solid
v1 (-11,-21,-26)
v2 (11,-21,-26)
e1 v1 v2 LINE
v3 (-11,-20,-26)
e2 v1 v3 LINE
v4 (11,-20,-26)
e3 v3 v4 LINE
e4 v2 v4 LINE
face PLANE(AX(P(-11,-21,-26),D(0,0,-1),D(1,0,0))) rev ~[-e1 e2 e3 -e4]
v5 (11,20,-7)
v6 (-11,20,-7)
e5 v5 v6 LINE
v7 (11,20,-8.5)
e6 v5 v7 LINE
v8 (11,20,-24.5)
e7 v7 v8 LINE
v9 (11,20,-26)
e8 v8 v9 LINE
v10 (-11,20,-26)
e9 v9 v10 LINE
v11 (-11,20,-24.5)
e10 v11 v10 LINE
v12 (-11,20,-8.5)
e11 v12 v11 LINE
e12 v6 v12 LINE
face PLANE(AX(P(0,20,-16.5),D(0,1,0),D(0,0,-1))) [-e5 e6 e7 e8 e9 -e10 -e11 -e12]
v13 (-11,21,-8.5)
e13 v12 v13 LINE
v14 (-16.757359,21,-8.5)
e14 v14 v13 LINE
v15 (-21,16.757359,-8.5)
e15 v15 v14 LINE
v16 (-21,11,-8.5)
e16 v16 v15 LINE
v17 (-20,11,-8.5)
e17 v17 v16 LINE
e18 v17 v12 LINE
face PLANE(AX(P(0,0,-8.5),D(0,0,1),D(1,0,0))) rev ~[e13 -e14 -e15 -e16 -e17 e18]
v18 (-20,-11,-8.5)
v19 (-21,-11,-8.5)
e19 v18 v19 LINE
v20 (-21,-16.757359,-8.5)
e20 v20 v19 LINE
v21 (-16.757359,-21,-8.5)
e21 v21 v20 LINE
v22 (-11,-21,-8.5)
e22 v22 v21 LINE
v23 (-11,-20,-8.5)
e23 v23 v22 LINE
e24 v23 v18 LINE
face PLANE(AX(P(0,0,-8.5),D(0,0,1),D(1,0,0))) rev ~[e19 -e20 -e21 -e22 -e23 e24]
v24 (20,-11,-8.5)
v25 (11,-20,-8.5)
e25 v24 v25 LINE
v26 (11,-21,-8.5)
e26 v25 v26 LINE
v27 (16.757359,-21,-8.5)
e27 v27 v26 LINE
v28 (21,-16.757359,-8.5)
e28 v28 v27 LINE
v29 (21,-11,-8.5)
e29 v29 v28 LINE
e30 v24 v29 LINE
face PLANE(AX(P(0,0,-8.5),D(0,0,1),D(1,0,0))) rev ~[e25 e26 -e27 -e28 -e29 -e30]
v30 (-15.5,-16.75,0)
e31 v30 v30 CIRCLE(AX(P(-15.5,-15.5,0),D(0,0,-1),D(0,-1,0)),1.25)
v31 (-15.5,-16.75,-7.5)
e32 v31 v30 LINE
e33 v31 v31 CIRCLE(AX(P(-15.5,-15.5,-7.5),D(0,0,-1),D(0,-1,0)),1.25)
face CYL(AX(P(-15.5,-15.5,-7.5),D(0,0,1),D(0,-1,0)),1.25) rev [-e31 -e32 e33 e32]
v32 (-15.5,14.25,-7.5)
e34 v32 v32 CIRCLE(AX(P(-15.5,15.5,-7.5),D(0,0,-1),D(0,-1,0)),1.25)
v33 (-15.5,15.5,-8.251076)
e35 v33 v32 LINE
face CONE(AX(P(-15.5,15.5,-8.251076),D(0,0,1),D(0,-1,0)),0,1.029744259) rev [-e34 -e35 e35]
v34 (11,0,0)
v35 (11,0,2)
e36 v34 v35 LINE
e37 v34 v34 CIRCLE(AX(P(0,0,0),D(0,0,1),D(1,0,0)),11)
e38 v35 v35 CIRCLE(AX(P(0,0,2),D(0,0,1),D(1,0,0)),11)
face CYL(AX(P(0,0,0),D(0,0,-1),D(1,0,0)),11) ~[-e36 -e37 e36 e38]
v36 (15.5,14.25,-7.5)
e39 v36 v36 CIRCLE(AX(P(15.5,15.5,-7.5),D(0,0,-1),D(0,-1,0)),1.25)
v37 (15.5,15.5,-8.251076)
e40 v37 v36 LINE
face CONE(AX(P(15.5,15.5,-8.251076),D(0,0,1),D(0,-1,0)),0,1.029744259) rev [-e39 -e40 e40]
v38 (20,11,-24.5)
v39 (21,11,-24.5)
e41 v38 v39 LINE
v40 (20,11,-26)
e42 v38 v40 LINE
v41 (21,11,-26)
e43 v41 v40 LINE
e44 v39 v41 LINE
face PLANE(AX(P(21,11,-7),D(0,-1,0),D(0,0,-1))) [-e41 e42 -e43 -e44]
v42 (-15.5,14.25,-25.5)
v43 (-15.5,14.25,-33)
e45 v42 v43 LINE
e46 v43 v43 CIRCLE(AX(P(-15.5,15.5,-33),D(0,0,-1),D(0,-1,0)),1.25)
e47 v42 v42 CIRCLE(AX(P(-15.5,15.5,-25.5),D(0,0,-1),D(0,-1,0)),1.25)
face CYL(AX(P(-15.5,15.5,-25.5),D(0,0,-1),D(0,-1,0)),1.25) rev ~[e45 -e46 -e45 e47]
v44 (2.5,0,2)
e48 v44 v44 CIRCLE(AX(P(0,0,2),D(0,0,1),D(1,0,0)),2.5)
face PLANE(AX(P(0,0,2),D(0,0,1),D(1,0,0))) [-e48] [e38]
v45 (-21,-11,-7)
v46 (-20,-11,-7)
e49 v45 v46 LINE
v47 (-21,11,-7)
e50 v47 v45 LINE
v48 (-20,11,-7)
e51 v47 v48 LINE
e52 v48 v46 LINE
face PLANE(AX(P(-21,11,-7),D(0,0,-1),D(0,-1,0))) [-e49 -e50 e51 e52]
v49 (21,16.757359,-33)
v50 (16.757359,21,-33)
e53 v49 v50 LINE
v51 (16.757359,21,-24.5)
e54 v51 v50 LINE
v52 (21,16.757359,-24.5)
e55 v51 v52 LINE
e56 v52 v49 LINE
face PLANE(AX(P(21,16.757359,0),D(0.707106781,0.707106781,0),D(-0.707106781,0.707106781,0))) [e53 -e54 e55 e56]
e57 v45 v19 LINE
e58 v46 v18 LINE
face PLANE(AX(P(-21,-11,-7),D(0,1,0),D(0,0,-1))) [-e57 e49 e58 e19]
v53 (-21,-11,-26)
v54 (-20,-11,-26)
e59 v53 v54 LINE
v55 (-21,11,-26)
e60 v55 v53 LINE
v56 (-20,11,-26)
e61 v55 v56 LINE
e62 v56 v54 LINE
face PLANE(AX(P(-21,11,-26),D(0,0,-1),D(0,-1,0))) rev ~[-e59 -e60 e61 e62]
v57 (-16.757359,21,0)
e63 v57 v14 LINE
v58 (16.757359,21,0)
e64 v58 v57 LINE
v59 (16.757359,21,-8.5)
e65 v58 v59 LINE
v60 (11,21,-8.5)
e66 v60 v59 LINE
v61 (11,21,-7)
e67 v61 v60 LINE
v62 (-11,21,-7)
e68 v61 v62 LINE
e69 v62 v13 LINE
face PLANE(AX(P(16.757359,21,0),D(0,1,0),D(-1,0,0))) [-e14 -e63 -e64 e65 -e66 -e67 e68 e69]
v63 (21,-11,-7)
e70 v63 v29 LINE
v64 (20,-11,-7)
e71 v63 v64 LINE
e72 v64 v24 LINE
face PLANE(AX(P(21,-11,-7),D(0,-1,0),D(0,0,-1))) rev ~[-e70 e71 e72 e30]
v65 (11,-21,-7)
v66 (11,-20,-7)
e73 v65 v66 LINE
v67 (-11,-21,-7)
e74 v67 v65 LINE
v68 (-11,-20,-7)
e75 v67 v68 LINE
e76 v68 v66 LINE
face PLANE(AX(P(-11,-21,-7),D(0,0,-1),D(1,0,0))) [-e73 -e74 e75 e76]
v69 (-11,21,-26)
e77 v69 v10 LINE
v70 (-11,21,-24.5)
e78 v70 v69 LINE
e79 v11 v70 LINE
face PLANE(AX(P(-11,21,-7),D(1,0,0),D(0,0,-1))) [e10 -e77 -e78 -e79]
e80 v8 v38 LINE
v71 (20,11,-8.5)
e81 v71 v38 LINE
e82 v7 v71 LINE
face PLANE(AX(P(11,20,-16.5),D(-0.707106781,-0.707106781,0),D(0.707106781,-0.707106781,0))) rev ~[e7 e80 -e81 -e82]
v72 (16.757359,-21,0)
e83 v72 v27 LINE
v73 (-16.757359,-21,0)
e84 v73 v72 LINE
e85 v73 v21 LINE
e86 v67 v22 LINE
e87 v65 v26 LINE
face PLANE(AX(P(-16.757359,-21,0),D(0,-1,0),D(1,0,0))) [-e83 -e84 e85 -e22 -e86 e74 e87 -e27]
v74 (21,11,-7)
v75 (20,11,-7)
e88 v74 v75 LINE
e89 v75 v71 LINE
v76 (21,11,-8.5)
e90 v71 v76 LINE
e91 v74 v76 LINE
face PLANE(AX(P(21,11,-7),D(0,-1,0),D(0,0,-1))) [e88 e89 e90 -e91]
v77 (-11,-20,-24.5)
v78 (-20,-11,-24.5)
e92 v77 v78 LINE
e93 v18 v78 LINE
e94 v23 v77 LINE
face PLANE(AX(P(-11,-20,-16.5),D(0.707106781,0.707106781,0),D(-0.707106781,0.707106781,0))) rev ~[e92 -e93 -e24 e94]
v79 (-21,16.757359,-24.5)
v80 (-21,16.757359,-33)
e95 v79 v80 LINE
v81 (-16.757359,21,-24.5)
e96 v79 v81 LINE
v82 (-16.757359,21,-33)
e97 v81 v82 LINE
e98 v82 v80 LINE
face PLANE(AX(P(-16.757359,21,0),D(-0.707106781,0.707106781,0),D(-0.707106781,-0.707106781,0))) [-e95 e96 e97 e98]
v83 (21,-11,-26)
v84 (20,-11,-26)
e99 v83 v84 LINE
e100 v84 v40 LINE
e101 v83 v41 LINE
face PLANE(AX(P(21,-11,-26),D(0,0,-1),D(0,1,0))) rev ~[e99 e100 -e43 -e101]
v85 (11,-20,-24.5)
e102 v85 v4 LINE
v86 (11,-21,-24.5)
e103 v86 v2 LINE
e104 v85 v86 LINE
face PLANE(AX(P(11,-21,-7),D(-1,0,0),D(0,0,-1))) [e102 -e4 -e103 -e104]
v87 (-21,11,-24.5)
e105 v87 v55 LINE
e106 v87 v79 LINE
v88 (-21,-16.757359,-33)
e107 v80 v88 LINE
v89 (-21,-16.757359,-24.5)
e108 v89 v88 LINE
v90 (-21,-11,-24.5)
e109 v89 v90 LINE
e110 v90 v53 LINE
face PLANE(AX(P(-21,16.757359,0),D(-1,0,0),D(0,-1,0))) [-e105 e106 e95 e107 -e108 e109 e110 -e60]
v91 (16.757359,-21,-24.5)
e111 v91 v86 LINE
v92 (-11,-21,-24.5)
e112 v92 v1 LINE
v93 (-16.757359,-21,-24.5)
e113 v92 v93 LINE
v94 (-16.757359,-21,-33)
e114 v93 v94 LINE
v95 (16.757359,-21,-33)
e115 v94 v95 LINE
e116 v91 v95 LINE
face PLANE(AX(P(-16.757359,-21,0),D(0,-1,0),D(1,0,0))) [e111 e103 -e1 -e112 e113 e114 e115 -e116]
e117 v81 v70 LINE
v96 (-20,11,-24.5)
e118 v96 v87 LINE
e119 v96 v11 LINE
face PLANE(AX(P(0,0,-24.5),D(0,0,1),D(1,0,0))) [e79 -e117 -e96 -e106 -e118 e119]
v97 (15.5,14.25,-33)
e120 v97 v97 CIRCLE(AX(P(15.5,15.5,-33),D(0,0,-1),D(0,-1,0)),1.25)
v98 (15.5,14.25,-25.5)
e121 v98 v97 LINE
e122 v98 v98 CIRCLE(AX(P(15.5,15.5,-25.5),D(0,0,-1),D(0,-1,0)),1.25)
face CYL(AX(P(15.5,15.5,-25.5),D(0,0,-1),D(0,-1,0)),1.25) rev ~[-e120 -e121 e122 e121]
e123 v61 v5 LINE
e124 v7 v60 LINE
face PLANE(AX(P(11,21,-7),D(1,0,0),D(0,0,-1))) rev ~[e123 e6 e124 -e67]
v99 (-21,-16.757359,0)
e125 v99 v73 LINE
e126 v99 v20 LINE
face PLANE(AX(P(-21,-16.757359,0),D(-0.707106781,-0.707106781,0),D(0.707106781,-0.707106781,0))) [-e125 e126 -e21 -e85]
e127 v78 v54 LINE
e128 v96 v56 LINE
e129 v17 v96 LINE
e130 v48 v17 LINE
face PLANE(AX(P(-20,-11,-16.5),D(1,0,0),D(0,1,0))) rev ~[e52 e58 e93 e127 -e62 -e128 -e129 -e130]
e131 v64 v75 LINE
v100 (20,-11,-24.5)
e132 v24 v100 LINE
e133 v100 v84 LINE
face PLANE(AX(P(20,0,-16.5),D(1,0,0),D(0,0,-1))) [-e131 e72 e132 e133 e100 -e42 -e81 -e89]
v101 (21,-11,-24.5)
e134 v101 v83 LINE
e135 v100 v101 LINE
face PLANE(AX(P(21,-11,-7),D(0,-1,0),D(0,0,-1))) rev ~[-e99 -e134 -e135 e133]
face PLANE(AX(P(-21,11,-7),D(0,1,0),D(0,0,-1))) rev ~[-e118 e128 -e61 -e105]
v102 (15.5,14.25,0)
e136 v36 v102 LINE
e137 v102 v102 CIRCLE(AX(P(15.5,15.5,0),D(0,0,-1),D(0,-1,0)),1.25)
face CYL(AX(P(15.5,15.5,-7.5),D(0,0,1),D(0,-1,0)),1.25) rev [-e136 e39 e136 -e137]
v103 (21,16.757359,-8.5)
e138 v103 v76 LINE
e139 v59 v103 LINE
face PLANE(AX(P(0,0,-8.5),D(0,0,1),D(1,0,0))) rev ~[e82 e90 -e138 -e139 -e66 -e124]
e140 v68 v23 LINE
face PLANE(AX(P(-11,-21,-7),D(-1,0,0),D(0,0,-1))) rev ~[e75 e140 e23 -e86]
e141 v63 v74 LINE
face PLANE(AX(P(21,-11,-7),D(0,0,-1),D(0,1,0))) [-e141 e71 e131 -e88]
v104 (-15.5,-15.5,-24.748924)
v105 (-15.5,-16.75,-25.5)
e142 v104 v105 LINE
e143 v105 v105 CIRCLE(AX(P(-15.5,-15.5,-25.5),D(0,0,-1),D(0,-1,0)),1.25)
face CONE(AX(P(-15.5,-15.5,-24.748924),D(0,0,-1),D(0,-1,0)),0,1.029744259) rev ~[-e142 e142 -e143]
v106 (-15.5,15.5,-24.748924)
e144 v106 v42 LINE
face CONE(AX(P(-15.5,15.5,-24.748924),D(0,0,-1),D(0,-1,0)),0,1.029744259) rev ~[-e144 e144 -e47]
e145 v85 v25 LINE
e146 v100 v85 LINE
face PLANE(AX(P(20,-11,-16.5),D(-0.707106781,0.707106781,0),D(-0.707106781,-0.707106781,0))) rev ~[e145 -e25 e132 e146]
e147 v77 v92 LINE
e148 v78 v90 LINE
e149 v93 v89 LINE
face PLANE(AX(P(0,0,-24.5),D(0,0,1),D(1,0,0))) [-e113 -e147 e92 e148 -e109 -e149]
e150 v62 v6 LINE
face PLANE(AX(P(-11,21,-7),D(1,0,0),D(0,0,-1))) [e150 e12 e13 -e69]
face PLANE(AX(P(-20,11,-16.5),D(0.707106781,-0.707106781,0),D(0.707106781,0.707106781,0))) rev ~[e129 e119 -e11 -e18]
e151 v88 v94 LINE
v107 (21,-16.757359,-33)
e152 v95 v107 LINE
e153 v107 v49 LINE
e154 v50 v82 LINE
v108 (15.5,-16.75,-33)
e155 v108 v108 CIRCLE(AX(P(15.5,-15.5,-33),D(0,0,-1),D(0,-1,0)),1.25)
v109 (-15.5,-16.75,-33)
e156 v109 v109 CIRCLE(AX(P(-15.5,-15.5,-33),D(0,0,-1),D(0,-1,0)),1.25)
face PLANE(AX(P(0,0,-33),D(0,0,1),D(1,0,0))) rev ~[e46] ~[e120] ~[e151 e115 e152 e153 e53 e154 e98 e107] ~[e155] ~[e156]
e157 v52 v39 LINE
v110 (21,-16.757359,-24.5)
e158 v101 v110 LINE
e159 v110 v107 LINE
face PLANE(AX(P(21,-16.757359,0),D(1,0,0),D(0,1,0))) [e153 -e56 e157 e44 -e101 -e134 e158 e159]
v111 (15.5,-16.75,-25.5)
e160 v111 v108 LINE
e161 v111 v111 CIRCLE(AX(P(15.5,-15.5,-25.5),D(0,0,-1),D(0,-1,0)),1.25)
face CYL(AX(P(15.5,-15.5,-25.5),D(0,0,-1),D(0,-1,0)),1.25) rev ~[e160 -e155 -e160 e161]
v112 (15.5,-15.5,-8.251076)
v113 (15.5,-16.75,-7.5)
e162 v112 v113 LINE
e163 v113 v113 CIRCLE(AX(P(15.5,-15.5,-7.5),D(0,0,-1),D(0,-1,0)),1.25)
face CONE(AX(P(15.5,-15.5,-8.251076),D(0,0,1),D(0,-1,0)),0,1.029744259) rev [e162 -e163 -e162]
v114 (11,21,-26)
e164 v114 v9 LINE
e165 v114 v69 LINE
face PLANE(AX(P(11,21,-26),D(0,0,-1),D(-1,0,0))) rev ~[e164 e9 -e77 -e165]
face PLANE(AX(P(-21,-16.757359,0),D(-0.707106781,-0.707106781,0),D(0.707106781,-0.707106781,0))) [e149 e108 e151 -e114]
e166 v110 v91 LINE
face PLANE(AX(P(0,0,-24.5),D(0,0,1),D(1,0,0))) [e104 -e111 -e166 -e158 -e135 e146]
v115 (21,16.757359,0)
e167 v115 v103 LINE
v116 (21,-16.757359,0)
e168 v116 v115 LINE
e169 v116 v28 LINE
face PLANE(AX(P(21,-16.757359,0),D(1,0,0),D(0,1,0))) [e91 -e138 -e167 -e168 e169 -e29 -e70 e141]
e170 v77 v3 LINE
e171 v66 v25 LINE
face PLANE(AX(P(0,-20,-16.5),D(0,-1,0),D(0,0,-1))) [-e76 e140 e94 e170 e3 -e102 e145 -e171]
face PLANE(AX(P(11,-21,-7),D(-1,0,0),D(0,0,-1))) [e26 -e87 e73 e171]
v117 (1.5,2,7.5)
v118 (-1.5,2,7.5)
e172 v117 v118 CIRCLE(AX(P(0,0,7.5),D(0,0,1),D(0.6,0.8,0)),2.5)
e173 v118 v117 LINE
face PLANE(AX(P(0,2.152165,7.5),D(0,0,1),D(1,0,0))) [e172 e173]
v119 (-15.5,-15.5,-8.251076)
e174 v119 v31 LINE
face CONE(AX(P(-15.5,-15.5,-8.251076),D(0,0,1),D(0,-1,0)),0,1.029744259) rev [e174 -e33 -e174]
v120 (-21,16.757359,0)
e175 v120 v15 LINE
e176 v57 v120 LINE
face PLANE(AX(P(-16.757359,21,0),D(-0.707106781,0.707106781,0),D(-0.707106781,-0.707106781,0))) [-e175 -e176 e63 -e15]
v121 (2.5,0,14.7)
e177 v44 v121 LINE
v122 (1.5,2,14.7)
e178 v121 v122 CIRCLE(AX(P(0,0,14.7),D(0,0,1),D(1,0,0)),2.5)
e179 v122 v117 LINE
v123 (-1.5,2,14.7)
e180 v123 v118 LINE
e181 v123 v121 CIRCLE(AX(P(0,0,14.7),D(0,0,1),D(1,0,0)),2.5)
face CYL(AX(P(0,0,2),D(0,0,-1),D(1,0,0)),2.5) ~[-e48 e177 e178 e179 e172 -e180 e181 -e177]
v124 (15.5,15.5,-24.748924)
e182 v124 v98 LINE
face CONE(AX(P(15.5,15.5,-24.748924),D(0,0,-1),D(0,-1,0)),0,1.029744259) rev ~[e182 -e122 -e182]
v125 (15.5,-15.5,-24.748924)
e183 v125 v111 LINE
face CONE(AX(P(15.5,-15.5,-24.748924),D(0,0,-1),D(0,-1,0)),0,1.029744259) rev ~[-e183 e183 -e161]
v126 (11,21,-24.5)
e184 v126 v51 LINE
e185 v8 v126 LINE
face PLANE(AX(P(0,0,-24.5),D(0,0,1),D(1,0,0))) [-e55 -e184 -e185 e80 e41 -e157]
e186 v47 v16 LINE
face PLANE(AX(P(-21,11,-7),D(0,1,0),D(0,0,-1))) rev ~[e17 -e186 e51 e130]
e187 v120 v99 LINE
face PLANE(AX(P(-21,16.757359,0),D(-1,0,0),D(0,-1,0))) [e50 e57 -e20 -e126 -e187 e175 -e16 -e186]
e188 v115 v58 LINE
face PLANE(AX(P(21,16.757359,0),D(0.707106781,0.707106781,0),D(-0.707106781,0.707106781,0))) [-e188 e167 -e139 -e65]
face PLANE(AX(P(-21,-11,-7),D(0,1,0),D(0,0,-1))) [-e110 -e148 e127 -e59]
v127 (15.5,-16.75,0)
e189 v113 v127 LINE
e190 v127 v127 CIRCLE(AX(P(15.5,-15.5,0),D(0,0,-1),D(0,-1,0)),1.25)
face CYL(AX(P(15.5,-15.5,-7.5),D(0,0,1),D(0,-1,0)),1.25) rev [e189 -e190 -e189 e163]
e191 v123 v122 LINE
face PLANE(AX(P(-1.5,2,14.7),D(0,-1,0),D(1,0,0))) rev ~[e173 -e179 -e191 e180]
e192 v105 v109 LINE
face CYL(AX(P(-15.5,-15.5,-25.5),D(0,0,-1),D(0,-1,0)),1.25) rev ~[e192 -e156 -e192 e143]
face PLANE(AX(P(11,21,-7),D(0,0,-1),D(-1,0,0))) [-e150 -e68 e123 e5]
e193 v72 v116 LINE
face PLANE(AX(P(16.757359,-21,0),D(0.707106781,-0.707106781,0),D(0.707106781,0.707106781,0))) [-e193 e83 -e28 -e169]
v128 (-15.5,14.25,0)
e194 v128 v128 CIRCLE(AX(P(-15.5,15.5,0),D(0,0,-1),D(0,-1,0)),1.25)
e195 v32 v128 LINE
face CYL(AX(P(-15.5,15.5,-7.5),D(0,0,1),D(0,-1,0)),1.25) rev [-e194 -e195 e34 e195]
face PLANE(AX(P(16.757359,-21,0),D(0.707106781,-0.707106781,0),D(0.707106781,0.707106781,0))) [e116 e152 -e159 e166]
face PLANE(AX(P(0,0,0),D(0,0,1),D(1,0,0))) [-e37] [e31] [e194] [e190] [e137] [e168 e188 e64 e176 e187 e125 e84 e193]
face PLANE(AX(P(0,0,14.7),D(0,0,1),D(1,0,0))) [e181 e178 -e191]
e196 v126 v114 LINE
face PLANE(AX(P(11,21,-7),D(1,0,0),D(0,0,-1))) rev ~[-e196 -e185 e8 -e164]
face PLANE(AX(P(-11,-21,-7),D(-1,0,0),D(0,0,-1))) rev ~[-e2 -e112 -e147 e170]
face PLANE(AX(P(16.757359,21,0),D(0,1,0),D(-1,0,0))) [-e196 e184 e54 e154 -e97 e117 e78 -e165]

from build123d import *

# Parameters (mm, degrees)
BOSS_EXTRUDE1_DEPTH            = 33
M3X0_5_TAPPED_HOLE1_AT_2_COUNT = 2
M3X0_5_TAPPED_HOLE1_AT_2_PITCH = 43.840620434
M3X0_5_TAPPED_HOLE1_AT_3_COUNT = 2
M3X0_5_TAPPED_HOLE1_AT_3_PITCH = 31
M3X0_5_TAPPED_HOLE1_AT_4_COUNT = 2
M3X0_5_TAPPED_HOLE1_AT_4_PITCH = 31
SKETCH4_OUTSIDE_W              = 57.59
SKETCH4_OUTSIDE_H              = 57.59
CUT_EXTRUDE1_DEPTH             = 8
SKETCH5_W                      = 19
SKETCH5_H                      = 22
CUT_EXTRUDE2_DEPTH             = 1
CIRPATTERN1_COUNT              = 4
SKETCH7_R                      = 11
BOSS_EXTRUDE2_DEPTH            = 2
SKETCH8_R                      = 2.5
BOSS_EXTRUDE3_DEPTH            = 12.7
CUT_EXTRUDE3_DEPTH             = 7.2


with BuildPart() as part:
    # Sketch1 → Boss-Extrude1 (new body)
    with BuildSketch(Plane.XY):
        Polygon((16.757359313, 21), (-16.757359313, 21), (-21, 16.757359313), (-21, -16.757359313), (-16.757359313, -21), (16.757359313, -21), (21, -16.757359313), (21, 16.757359313), align=None)
    extrude(amount=-BOSS_EXTRUDE1_DEPTH)

    # Sketch2 → M3x0.5 Tapped Hole1 (revolve, cut)
    with BuildSketch(Plane(origin=(-15.5, 15.5, 0), x_dir=(0, -1, 0), z_dir=(1, 0, 0))):
        Polygon((0, 0), (0, 8.251075774), (1.25, 7.5), (1.25, 0), align=None)
    m3x0_5_tapped_hole1 = revolve(axis=Axis((-15.5, 15.5, 6.35), (0, 0, -1)), mode=Mode.SUBTRACT)

    # M3x0.5 Tapped Hole1 at 2: M3x0.5 Tapped Hole1 ×2
    with Locations(*[Vector(0.707106781, -0.707106781, 0) * (i * M3X0_5_TAPPED_HOLE1_AT_2_PITCH) for i in range(1, M3X0_5_TAPPED_HOLE1_AT_2_COUNT)]):
        add(m3x0_5_tapped_hole1, mode=Mode.SUBTRACT)

    # M3x0.5 Tapped Hole1 at 3: M3x0.5 Tapped Hole1 ×2
    with Locations(*[(i * M3X0_5_TAPPED_HOLE1_AT_3_PITCH, 0, 0) for i in range(1, M3X0_5_TAPPED_HOLE1_AT_3_COUNT)]):
        add(m3x0_5_tapped_hole1, mode=Mode.SUBTRACT)

    # M3x0.5 Tapped Hole1 at 4: M3x0.5 Tapped Hole1 ×2
    with Locations(*[(0, -i * M3X0_5_TAPPED_HOLE1_AT_4_PITCH, 0) for i in range(1, M3X0_5_TAPPED_HOLE1_AT_4_COUNT)]):
        add(m3x0_5_tapped_hole1, mode=Mode.SUBTRACT)

    # Sketch4 outside → Cut-Extrude1 (cut, symmetric)
    with BuildSketch(Plane.XY.offset(-16.5)):
        Rectangle(SKETCH4_OUTSIDE_W, SKETCH4_OUTSIDE_H)
        Polygon((11, -20), (-11, -20), (-20, -11), (-20, 11), (-11, 20), (11, 20), (20, 11), (20, -11), align=None, mode=Mode.SUBTRACT)
    extrude(amount=CUT_EXTRUDE1_DEPTH, both=True, mode=Mode.SUBTRACT)

    # Sketch5 → Cut-Extrude2 (cut)
    with BuildSketch(Plane(origin=(21, 0, 0), x_dir=(0, 0, -1), z_dir=(1, 0, 0))):
        with Locations((16.5, 0)):
            Rectangle(SKETCH5_W, SKETCH5_H)
    cut_extrude2 = extrude(amount=-CUT_EXTRUDE2_DEPTH, mode=Mode.SUBTRACT)

    # CirPattern1: Cut-Extrude2 ×4 about axis
    cirpattern1_axis = Axis((0, 0, 0), (0, 0, 1))
    for i in range(1, CIRPATTERN1_COUNT):
        add(cut_extrude2.rotate(cirpattern1_axis, i * 360 / CIRPATTERN1_COUNT), mode=Mode.SUBTRACT)

    # Sketch7 → Boss-Extrude2 (add)
    with BuildSketch(Plane.XY):
        Circle(SKETCH7_R)
    extrude(amount=BOSS_EXTRUDE2_DEPTH)

    # Sketch8 → Boss-Extrude3 (add)
    with BuildSketch(Plane.XY.offset(2)):
        Circle(SKETCH8_R)
    extrude(amount=BOSS_EXTRUDE3_DEPTH)

    # Sketch9 → Cut-Extrude3 (cut)
    with BuildSketch(Plane.XY.offset(14.7)):
        with BuildLine():
            Line((-1.5, 2), (1.5, 2))
            ThreePointArc((1.5, 2), (0, 2.5), (-1.5, 2))
        make_face()
    extrude(amount=-CUT_EXTRUDE3_DEPTH, mode=Mode.SUBTRACT)

    # Mirror1: M3x0.5 Tapped Hole1 across plane
    add(m3x0_5_tapped_hole1.mirror(Plane.XY.offset(-16.5)), mode=Mode.SUBTRACT)

    # Mirror1 copy 1 sketch → Mirror1 copy 1 (revolve, cut)
    with BuildSketch(Plane(origin=(15.5, -15.5, -33), x_dir=(0, -1, 0), z_dir=(1, 0, 0))):
        Polygon((0, 0), (0, -8.251075774), (1.25, -7.5), (1.25, 0), align=None)
    revolve(axis=Axis((15.5, -15.5, -39.35), (0, 0, -1)), mode=Mode.SUBTRACT)

    # Mirror1 copy 2 sketch → Mirror1 copy 2 (revolve, cut)
    with BuildSketch(Plane(origin=(15.5, 15.5, -33), x_dir=(0, -1, 0), z_dir=(1, 0, 0))):
        Polygon((0, 0), (0, -8.251075774), (1.25, -7.5), (1.25, 0), align=None)
    revolve(axis=Axis((15.5, 15.5, -39.35), (0, 0, -1)), mode=Mode.SUBTRACT)

    # Mirror1 copy 3 sketch → Mirror1 copy 3 (revolve, cut)
    with BuildSketch(Plane(origin=(-15.5, -15.5, -33), x_dir=(0, -1, 0), z_dir=(1, 0, 0))):
        Polygon((0, 0), (0, -8.251075774), (1.25, -7.5), (1.25, 0), align=None)
    revolve(axis=Axis((-15.5, -15.5, -39.35), (0, 0, -1)), mode=Mode.SUBTRACT)


solid = part.part
